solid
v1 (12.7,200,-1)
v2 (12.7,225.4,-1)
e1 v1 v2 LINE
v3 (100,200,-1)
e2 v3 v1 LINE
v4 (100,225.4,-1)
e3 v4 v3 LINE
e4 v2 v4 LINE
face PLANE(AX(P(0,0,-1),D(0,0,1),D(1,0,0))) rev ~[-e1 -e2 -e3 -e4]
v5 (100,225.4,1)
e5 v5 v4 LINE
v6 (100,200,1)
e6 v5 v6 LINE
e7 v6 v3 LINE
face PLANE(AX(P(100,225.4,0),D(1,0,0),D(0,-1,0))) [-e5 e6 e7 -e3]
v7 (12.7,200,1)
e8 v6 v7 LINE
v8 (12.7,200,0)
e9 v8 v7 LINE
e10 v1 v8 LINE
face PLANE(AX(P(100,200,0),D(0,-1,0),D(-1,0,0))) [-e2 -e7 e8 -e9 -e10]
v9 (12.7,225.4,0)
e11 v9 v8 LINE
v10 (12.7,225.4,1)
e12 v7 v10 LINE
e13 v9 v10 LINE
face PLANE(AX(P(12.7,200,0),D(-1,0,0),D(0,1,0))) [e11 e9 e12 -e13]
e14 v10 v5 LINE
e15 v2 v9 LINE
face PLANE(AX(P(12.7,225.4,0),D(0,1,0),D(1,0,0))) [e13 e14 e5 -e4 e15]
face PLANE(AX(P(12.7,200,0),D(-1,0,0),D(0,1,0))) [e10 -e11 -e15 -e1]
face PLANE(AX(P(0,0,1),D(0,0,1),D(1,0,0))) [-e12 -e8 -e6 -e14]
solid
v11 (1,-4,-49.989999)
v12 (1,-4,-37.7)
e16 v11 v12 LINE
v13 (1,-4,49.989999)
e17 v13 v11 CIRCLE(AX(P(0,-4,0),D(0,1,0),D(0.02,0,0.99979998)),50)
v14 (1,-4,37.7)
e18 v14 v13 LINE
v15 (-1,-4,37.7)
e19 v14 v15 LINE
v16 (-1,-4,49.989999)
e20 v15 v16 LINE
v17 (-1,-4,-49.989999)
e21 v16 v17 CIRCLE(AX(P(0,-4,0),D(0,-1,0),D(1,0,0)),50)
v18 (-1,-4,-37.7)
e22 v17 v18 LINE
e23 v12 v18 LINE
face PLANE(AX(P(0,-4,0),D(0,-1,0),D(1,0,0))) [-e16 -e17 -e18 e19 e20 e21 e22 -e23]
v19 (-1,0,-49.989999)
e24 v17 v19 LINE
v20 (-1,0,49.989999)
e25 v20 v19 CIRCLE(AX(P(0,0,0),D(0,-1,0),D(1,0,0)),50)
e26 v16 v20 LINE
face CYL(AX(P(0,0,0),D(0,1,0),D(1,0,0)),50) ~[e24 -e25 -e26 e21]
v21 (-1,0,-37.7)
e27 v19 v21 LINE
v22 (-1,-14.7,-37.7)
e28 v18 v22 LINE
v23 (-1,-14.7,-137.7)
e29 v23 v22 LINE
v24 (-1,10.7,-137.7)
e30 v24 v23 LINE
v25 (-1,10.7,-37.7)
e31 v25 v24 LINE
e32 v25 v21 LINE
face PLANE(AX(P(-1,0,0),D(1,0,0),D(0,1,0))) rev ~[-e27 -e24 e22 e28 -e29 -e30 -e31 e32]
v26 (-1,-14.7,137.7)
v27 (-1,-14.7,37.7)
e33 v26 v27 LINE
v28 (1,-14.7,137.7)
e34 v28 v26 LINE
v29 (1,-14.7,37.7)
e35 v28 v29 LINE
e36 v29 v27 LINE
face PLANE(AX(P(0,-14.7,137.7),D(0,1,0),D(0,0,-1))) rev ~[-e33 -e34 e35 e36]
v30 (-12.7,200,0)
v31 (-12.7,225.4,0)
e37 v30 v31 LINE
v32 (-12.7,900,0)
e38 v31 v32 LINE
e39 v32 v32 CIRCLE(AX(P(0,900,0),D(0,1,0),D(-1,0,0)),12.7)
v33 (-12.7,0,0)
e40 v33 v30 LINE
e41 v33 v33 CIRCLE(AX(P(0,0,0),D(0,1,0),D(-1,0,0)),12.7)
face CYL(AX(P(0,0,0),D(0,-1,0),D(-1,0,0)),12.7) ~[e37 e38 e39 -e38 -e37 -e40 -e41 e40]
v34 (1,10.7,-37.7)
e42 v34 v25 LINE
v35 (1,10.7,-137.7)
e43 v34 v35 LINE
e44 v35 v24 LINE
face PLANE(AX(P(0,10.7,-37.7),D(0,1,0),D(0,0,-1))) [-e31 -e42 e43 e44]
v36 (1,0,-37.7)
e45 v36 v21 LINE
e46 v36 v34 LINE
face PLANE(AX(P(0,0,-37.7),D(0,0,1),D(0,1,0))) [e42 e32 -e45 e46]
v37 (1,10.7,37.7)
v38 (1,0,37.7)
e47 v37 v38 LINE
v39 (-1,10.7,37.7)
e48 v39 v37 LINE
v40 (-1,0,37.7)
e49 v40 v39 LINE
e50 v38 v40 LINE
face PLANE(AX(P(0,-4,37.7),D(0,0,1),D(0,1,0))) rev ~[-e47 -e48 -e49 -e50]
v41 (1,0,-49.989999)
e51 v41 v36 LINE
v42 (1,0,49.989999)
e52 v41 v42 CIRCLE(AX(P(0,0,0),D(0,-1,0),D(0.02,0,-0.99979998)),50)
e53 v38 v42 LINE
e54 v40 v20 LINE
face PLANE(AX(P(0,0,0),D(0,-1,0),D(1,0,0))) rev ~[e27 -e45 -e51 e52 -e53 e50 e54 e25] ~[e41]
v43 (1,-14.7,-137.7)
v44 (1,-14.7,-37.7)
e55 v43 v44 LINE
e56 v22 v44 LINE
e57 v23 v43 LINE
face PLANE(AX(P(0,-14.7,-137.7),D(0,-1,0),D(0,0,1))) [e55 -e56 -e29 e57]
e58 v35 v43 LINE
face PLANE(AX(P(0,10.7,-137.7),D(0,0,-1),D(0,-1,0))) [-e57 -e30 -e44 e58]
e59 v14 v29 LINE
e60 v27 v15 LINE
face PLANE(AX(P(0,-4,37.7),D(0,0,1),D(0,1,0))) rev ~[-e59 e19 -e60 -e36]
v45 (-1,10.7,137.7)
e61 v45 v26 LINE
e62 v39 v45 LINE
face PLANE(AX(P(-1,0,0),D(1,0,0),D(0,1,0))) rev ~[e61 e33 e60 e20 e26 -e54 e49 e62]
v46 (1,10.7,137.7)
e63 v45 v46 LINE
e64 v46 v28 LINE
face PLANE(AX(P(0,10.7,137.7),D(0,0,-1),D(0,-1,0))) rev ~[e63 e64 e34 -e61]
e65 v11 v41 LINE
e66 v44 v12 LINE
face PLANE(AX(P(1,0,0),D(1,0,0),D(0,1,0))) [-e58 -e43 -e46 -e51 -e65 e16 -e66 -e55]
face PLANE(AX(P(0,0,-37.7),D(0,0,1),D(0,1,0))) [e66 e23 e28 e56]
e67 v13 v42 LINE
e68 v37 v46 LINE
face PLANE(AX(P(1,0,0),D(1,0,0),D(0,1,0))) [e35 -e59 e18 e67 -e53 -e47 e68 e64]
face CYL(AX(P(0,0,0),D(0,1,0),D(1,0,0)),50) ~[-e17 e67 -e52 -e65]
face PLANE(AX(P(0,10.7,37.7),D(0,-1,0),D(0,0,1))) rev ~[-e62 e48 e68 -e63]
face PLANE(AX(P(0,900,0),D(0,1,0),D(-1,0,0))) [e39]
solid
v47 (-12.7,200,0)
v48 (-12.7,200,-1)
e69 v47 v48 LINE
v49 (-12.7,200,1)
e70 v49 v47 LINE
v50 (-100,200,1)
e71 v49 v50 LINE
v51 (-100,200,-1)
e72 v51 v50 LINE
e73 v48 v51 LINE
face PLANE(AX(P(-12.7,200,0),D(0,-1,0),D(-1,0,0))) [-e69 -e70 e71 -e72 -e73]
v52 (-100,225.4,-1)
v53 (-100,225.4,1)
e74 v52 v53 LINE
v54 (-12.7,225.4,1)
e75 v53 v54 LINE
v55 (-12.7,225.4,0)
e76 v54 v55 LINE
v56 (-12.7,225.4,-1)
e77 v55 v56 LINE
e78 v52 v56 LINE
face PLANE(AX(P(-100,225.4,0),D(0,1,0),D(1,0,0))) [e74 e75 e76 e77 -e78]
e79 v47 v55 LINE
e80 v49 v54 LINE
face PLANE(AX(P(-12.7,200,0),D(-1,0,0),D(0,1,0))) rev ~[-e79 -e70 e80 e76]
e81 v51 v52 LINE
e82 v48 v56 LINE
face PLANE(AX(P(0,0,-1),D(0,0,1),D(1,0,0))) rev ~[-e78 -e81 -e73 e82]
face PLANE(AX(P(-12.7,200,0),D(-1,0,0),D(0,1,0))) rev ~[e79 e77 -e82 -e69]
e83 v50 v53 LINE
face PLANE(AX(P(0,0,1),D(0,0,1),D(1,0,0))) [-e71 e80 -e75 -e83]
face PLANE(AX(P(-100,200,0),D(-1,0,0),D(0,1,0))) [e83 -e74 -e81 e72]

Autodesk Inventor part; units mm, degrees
ref_plane "YZ Plane" through (0, 0, 0) normal (1, 0, 0) x (0, 1, 0)
ref_plane "XZ Plane" through (0, 0, 0) normal (0, 1, 0) x (-1, 0, 0)
ref_plane "XY Plane" through (0, 0, 0) normal (0, 0, 1) x (1, 0, 0)
sketch "Sketch1" plane through (0, 0, 0) normal (0, 1, 0) x (-1, 0, 0)
  circle A0 centre (0, 0) radius 12.7
  dimension "d0" = 25.4
extrude "Extrusion1" add sketch "Sketch1" along normal blind 900
sketch "Sketch2" plane through (0, 0, 0) normal (0, -1, 0) x (1, 0, 0)
  circle A0 centre (0, 0) radius 50
  dimension "d3" = 100
extrude "Extrusion2" add sketch "Sketch2" along normal blind 4
sketch "Sketch3" plane through (0, 0, 0) normal (1, 0, 0) x (0, 1, 0)
  line L0 (0, 50) -> (0, -50) projected
  line L1 (-4, 50) -> (-4, -50) projected
  line L2 (-14.7, -37.7) -> (10.7, -37.7)
  line L3 (10.7, -37.7) -> (10.7, -137.7)
  line L4 (10.7, -137.7) -> (-14.7, -137.7)
  line L5 (-14.7, -137.7) -> (-14.7, -37.7)
  line L6 (0, -12.7) -> (900, -12.7) projected
  line L7 (0, 12.7) -> (900, 12.7) projected
  line L8 (0, 0) -> (76.0488, 0) construction
  line L9 (-14.7, 37.7) -> (10.7, 37.7)
  line L10 (10.7, 37.7) -> (10.7, 137.7)
  line L11 (10.7, 137.7) -> (-14.7, 137.7)
  line L12 (-14.7, 137.7) -> (-14.7, 37.7)
  dimension "d6" = 100
  dimension "d7" = 25
  dimension "d8" = 25.4
  dimension "d9" = 10.7
extrude "Extrusion3" add sketch "Sketch3" along normal mid plane 2 contours L9 L12 L11 L10 | L2 L3 L4 L5
sketch "Sketch4" plane through (0, 0, 0) normal (0, 0, 1) x (1, 0, 0)
  line L0 (-100, 225.4) -> (100, 225.4)
  line L1 (100, 225.4) -> (100, 200)
  line L2 (100, 200) -> (-100, 200)
  line L3 (-100, 200) -> (-100, 225.4)
  line L4 (-12.7, 0) -> (-12.7, 900) projected
  line L5 (12.7, 0) -> (12.7, 900) projected
  line L6 (1, 0) -> (50, 0) projected
  point P0 (0, 0)
  point P1 (12.7, 225.4)
  point P2 (12.7, 200)
  point P3 (-12.7, 200)
  point P4 (-12.7, 225.4)
  dimension "d12" = 25.4
  dimension "d13" = 200
  dimension "d14" = 87.3
  dimension "d15" = 87.3
  dimension "d16" = 200
extrude "Extrusion4" add sketch "Sketch4" along normal mid plane 2 contours L0 L4 L2 L3 | L0 L1 L2 L5
properties part number "Mixer_1"
